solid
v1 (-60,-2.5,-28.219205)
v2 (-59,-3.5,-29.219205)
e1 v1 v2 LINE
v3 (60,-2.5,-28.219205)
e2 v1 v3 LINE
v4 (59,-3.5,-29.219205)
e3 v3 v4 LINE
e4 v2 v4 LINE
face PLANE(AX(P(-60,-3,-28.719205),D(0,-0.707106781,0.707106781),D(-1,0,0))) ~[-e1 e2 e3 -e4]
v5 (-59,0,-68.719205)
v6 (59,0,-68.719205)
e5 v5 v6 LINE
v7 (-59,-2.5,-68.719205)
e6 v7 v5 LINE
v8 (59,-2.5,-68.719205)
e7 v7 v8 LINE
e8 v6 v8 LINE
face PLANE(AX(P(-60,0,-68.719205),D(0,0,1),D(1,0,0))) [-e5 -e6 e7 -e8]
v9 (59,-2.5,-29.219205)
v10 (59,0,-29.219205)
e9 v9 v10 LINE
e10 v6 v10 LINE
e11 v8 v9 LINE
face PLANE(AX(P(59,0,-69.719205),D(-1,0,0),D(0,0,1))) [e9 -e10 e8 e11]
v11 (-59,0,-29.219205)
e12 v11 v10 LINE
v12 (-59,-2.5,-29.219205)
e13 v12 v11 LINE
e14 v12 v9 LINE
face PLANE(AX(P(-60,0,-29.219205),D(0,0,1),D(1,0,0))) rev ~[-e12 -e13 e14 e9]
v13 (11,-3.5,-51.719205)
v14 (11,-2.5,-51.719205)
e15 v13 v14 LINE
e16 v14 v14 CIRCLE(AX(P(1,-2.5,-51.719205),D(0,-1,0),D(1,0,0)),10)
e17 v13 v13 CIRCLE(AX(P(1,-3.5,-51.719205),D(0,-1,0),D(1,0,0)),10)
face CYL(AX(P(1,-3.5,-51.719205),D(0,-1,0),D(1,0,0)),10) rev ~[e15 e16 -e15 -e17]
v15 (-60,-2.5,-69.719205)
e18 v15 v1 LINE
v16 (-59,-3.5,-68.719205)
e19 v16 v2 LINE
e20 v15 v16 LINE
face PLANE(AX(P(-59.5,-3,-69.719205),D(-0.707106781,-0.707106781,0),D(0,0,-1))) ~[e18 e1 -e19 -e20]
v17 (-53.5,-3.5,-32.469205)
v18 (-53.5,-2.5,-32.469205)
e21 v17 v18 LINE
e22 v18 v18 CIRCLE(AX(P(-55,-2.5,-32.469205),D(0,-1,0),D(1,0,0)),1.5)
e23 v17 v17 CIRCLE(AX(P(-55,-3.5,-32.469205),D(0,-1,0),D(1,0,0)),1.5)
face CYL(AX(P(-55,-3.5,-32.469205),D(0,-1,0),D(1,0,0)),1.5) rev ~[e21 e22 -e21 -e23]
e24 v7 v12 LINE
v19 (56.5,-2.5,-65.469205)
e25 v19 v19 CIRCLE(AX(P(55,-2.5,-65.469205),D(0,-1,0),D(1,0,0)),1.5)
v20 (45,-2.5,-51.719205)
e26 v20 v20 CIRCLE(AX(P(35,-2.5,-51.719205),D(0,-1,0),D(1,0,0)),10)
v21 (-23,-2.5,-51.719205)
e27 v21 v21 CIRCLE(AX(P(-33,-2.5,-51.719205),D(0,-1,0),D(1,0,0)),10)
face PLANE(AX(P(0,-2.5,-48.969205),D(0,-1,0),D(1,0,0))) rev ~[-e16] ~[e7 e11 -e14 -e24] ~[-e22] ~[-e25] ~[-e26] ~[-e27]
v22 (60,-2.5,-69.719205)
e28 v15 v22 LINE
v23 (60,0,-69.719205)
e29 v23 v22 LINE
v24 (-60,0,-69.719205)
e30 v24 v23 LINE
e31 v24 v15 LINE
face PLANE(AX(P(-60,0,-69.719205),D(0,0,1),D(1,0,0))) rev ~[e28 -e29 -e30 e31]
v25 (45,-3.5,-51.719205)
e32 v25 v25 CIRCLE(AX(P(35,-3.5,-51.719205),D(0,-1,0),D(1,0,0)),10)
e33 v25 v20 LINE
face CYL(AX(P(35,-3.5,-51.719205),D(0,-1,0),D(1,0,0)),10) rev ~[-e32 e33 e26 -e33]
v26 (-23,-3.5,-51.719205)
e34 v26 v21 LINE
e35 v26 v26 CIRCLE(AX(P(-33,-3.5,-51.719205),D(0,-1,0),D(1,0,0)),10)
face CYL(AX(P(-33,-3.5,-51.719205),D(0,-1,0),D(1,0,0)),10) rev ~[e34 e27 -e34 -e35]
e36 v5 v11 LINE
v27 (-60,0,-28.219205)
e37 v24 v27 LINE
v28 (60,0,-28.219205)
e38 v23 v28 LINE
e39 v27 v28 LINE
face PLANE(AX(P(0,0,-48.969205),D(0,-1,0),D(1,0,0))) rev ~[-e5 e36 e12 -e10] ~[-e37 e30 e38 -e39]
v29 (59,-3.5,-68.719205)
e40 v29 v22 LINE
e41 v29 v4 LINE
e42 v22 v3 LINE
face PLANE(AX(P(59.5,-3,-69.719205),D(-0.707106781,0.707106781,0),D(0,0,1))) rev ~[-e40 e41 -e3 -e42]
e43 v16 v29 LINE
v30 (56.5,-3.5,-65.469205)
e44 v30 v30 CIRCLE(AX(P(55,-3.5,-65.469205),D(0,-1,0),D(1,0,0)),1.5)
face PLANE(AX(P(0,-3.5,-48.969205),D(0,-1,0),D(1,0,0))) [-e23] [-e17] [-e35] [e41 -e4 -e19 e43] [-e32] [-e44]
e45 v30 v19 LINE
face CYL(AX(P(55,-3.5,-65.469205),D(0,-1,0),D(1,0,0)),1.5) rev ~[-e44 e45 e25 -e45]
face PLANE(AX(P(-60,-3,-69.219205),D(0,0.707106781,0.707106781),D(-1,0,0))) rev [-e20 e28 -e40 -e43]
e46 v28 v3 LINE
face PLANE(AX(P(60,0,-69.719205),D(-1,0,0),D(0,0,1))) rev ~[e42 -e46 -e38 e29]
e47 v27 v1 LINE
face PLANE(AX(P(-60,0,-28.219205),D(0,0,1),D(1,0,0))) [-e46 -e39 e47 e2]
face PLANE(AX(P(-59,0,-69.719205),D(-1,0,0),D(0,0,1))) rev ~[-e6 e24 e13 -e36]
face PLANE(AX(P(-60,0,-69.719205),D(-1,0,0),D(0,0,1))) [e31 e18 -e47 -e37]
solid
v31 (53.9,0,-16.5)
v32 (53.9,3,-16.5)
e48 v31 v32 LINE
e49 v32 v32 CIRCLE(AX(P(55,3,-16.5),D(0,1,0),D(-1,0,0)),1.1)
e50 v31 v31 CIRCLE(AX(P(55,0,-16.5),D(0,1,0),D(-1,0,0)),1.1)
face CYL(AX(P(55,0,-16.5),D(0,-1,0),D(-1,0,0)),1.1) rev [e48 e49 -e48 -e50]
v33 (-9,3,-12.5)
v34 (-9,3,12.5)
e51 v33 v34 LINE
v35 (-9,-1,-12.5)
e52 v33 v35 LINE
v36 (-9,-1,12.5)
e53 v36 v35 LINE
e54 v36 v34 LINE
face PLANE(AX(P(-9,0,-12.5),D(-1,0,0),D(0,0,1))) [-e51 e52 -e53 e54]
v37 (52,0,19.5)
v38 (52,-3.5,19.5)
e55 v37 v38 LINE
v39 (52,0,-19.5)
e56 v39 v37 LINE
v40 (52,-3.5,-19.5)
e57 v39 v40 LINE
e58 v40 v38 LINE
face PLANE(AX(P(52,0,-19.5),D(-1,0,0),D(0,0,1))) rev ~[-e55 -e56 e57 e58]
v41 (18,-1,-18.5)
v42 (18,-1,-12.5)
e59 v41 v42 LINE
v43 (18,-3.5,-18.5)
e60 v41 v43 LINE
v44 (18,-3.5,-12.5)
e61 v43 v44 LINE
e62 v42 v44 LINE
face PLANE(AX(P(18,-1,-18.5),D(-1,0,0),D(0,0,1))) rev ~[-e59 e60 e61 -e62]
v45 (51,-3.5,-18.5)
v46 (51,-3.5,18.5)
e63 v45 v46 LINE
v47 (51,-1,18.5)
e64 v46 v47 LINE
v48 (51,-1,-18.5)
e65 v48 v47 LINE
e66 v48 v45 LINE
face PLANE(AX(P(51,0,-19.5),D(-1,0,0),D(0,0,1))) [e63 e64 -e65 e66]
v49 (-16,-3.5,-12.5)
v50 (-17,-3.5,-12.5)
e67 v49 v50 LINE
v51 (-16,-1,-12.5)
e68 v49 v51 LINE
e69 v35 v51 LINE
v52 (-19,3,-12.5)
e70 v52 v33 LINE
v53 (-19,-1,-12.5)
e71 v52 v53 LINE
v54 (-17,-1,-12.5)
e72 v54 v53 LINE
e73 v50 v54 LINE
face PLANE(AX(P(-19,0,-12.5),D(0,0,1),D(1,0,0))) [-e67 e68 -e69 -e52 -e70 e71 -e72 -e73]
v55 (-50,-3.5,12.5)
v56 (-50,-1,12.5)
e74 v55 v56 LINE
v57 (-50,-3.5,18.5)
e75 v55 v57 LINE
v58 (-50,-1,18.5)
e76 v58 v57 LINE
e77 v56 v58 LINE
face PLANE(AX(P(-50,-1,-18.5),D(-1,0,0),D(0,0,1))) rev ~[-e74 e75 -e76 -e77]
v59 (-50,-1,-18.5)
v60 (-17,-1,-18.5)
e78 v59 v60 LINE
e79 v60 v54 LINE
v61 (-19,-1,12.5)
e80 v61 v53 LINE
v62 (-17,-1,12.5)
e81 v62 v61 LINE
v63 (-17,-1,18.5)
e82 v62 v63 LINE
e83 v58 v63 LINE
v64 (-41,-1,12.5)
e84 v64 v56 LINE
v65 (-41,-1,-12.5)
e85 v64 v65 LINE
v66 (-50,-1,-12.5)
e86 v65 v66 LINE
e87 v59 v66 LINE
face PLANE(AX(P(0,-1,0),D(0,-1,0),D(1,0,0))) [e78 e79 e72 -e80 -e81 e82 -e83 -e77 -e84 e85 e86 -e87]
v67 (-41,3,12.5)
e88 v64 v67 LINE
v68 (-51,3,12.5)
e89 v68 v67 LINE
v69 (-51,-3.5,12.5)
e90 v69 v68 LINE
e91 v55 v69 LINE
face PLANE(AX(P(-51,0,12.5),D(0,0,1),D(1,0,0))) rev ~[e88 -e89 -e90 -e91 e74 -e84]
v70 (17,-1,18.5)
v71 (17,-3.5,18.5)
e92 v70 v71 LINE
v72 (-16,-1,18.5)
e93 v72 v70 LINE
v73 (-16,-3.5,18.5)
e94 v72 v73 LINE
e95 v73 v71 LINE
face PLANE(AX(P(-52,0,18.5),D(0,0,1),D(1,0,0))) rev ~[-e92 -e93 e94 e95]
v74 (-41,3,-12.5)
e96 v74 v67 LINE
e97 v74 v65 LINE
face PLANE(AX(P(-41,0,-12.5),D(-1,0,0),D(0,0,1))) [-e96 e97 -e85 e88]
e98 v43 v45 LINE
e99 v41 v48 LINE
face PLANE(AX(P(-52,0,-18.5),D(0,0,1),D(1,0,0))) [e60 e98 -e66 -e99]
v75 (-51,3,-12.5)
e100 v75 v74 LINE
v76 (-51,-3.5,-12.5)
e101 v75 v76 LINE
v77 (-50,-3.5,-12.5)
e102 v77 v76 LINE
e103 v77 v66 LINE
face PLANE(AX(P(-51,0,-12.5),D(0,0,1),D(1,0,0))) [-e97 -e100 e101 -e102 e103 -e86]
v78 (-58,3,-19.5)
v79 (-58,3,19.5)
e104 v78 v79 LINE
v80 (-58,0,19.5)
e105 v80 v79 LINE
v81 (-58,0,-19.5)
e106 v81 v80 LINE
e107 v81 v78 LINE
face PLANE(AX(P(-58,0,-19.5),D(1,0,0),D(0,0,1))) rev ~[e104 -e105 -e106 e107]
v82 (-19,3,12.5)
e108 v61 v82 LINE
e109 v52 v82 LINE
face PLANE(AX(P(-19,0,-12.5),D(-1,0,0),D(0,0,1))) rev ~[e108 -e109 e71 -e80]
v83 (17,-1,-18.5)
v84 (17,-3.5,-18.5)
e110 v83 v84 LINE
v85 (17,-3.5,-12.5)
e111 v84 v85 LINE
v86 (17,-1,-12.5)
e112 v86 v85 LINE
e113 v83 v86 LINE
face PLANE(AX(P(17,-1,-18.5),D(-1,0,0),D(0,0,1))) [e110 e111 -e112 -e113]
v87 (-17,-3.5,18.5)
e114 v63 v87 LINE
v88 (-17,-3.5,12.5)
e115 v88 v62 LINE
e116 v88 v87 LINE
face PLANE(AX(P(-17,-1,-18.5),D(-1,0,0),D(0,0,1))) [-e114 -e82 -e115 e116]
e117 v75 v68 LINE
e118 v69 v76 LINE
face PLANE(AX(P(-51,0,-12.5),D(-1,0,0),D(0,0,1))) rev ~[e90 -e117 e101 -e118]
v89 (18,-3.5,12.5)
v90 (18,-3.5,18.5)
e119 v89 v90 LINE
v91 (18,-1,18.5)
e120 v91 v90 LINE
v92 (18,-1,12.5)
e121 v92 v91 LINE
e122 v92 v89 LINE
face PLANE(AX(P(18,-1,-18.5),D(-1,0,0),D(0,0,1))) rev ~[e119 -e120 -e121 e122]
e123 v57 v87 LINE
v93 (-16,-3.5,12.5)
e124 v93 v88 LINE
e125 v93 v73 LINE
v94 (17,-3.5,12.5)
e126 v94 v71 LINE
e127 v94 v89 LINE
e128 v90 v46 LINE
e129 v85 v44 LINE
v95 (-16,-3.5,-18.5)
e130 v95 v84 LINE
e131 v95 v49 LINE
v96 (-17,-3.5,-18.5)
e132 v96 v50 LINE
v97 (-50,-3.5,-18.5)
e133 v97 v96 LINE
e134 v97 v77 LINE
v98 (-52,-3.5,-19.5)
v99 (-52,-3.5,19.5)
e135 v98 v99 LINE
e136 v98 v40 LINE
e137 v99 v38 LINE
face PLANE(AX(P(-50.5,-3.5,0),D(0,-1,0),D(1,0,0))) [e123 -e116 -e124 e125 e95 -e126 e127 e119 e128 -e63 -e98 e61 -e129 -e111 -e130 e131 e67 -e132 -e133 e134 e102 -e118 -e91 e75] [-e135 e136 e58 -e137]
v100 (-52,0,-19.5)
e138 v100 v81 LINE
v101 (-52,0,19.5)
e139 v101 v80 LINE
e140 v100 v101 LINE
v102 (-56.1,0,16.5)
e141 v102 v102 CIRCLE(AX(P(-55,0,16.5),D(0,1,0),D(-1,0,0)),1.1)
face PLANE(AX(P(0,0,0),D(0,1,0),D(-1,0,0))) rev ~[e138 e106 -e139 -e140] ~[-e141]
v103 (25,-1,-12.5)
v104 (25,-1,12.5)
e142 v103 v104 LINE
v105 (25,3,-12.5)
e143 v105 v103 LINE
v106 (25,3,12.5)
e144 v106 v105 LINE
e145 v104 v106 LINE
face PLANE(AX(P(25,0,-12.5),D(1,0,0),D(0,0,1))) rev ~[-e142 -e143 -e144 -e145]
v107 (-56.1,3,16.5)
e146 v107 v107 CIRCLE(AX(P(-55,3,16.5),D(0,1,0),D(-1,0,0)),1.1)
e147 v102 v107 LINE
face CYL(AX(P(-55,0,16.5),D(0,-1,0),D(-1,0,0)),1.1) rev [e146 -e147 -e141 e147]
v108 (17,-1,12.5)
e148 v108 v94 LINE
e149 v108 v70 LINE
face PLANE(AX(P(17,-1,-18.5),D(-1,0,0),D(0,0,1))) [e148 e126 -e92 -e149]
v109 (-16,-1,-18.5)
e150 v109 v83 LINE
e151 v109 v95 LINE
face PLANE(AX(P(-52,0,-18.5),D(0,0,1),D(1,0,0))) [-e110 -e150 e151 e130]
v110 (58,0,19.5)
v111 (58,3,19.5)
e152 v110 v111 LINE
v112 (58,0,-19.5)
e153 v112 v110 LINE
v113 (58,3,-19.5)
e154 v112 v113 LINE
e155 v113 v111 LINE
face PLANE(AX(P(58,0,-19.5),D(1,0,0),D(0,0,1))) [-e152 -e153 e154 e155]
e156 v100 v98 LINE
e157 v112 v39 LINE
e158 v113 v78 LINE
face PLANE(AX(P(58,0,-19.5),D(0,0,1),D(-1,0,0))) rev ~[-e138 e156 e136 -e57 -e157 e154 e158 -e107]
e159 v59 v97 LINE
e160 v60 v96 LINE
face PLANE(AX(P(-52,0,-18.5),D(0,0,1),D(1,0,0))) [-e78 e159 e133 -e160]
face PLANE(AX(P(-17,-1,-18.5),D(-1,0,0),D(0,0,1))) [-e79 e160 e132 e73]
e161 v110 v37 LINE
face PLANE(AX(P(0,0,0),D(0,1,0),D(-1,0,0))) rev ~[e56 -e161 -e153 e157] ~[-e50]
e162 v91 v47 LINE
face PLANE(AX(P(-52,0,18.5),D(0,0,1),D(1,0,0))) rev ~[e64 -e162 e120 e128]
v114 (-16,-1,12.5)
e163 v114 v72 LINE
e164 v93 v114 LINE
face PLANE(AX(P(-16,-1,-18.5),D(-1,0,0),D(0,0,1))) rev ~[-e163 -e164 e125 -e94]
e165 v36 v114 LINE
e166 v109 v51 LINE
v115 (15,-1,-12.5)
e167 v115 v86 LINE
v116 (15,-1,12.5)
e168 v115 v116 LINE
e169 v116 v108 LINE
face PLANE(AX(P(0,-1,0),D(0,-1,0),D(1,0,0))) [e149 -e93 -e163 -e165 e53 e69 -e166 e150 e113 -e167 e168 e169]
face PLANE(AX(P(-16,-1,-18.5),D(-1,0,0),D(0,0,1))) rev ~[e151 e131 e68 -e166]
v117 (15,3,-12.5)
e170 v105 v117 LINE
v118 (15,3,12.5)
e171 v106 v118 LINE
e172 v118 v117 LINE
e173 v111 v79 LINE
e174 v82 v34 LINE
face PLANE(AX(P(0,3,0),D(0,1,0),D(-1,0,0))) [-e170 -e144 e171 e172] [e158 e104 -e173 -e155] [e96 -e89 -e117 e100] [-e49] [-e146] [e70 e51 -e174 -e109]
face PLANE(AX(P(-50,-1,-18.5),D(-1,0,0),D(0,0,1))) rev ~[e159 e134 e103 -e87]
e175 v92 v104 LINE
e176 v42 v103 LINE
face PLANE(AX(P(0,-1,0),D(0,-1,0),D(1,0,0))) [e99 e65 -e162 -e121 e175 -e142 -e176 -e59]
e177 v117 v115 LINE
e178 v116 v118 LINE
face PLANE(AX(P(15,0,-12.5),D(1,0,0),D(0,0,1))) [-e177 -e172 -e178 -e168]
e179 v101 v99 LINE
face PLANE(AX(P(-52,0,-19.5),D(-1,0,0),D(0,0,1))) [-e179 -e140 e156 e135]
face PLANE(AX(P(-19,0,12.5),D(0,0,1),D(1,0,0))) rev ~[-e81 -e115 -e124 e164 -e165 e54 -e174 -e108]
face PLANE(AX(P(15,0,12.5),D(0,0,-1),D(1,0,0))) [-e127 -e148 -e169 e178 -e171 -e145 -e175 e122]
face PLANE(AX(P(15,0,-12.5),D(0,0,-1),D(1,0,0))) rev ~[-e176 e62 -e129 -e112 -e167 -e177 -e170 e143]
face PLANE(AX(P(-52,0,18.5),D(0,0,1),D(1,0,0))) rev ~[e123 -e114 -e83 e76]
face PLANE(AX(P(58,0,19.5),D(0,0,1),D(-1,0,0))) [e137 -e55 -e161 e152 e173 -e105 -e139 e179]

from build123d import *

# Parameters (mm, degrees)
F0_W      = 104
F0_H      = 39
F1_DEPTH  = 3.5
F2_T      = -1
F3_W      = 1
F3_H      = 37
F4_DEPTH  = 2.5
F5_W      = 116
F5_H      = 39
F5_R      = 1.1
F6_DEPTH  = 3
F7_W      = 10
F7_H      = 25
F8_DEPTH  = 5.6
F9_W      = 120
F9_H      = 41.5
F10_DEPTH = 3.5
F11_T     = -1
F12_R     = 1.5
F12_R_2   = 10
F13_DEPTH = 1
F14_SIZE  = 1


with BuildPart() as f1:
    # F0 (on Front) → F1 (new body)
    with BuildSketch(Plane.XZ):
        Rectangle(F0_W, F0_H)
    extrude(amount=F1_DEPTH)

    # F2
    f2_openings = [f1.faces().sort_by_distance(p)[0] for p in [
        (0, -3.5, 0),
    ]]
    offset(amount=F2_T, openings=f2_openings)

    # F3 (on face) → F4 (join)
    with BuildSketch(Plane.XZ.offset(1)):
        with Locations((-16.5, 0)):
            Rectangle(F3_W, F3_H)
        with Locations((17.5, 0)):
            Rectangle(F3_W, F3_H)
        with Locations((-50.5, 0)):
            Rectangle(F3_W, F3_H)
    extrude(amount=F4_DEPTH)

    # F5 (on face) → F6 (join)
    with BuildSketch(Plane(origin=(0, 0, 0), x_dir=(-1, 0, 0), z_dir=(0, 1, 0))):
        Rectangle(F5_W, F5_H)
        with Locations((-55, -16.5)):
            Circle(F5_R, mode=Mode.SUBTRACT)
        with Locations((55, 16.5)):
            Circle(F5_R, mode=Mode.SUBTRACT)
    extrude(amount=F6_DEPTH)

    # F7 (on Front) → F8 (cut, symmetric)
    with BuildSketch(Plane.XZ):
        with Locations((-46, 0)):
            Rectangle(F7_W, F7_H)
        with Locations((-14, 0)):
            Rectangle(F7_W, F7_H)
        with Locations((20, 0)):
            Rectangle(F7_W, F7_H)
    extrude(amount=F8_DEPTH, both=True, mode=Mode.SUBTRACT)


with BuildPart() as f10:
    # F9 (on Front) → F10 (new body)
    with BuildSketch(Plane.XZ):
        with Locations((0, -48.969205)):
            Rectangle(F9_W, F9_H)
    extrude(amount=F10_DEPTH)

    # F11
    f11_openings = [f10.faces().sort_by_distance(p)[0] for p in [
        (0, 0, -48.969205),
    ]]
    offset(amount=F11_T, openings=f11_openings)

    # F12 (on face) → F13 (cut)
    with BuildSketch(Plane.XZ.offset(3.5)):
        with Locations((55, -65.469205)):
            Circle(F12_R)
        with Locations((-55, -32.469205)):
            Circle(F12_R)
        with Locations((-33, -51.719205)):
            Circle(F12_R_2)
        with Locations((1, -51.719205)):
            Circle(F12_R_2)
        with Locations((35, -51.719205)):
            Circle(F12_R_2)
    extrude(amount=-F13_DEPTH, mode=Mode.SUBTRACT)

    # F14
    f14_edges = [f10.edges().sort_by_distance(p)[0] for p in [
        (0, -3.5, -28.219205),
        (-60, -3.5, -48.969205),
        (60, -3.5, -48.969205),
        (0, -3.5, -69.719205),
    ]]
    chamfer(f14_edges, length=F14_SIZE)


solid = Compound([f1.part, f10.part])
